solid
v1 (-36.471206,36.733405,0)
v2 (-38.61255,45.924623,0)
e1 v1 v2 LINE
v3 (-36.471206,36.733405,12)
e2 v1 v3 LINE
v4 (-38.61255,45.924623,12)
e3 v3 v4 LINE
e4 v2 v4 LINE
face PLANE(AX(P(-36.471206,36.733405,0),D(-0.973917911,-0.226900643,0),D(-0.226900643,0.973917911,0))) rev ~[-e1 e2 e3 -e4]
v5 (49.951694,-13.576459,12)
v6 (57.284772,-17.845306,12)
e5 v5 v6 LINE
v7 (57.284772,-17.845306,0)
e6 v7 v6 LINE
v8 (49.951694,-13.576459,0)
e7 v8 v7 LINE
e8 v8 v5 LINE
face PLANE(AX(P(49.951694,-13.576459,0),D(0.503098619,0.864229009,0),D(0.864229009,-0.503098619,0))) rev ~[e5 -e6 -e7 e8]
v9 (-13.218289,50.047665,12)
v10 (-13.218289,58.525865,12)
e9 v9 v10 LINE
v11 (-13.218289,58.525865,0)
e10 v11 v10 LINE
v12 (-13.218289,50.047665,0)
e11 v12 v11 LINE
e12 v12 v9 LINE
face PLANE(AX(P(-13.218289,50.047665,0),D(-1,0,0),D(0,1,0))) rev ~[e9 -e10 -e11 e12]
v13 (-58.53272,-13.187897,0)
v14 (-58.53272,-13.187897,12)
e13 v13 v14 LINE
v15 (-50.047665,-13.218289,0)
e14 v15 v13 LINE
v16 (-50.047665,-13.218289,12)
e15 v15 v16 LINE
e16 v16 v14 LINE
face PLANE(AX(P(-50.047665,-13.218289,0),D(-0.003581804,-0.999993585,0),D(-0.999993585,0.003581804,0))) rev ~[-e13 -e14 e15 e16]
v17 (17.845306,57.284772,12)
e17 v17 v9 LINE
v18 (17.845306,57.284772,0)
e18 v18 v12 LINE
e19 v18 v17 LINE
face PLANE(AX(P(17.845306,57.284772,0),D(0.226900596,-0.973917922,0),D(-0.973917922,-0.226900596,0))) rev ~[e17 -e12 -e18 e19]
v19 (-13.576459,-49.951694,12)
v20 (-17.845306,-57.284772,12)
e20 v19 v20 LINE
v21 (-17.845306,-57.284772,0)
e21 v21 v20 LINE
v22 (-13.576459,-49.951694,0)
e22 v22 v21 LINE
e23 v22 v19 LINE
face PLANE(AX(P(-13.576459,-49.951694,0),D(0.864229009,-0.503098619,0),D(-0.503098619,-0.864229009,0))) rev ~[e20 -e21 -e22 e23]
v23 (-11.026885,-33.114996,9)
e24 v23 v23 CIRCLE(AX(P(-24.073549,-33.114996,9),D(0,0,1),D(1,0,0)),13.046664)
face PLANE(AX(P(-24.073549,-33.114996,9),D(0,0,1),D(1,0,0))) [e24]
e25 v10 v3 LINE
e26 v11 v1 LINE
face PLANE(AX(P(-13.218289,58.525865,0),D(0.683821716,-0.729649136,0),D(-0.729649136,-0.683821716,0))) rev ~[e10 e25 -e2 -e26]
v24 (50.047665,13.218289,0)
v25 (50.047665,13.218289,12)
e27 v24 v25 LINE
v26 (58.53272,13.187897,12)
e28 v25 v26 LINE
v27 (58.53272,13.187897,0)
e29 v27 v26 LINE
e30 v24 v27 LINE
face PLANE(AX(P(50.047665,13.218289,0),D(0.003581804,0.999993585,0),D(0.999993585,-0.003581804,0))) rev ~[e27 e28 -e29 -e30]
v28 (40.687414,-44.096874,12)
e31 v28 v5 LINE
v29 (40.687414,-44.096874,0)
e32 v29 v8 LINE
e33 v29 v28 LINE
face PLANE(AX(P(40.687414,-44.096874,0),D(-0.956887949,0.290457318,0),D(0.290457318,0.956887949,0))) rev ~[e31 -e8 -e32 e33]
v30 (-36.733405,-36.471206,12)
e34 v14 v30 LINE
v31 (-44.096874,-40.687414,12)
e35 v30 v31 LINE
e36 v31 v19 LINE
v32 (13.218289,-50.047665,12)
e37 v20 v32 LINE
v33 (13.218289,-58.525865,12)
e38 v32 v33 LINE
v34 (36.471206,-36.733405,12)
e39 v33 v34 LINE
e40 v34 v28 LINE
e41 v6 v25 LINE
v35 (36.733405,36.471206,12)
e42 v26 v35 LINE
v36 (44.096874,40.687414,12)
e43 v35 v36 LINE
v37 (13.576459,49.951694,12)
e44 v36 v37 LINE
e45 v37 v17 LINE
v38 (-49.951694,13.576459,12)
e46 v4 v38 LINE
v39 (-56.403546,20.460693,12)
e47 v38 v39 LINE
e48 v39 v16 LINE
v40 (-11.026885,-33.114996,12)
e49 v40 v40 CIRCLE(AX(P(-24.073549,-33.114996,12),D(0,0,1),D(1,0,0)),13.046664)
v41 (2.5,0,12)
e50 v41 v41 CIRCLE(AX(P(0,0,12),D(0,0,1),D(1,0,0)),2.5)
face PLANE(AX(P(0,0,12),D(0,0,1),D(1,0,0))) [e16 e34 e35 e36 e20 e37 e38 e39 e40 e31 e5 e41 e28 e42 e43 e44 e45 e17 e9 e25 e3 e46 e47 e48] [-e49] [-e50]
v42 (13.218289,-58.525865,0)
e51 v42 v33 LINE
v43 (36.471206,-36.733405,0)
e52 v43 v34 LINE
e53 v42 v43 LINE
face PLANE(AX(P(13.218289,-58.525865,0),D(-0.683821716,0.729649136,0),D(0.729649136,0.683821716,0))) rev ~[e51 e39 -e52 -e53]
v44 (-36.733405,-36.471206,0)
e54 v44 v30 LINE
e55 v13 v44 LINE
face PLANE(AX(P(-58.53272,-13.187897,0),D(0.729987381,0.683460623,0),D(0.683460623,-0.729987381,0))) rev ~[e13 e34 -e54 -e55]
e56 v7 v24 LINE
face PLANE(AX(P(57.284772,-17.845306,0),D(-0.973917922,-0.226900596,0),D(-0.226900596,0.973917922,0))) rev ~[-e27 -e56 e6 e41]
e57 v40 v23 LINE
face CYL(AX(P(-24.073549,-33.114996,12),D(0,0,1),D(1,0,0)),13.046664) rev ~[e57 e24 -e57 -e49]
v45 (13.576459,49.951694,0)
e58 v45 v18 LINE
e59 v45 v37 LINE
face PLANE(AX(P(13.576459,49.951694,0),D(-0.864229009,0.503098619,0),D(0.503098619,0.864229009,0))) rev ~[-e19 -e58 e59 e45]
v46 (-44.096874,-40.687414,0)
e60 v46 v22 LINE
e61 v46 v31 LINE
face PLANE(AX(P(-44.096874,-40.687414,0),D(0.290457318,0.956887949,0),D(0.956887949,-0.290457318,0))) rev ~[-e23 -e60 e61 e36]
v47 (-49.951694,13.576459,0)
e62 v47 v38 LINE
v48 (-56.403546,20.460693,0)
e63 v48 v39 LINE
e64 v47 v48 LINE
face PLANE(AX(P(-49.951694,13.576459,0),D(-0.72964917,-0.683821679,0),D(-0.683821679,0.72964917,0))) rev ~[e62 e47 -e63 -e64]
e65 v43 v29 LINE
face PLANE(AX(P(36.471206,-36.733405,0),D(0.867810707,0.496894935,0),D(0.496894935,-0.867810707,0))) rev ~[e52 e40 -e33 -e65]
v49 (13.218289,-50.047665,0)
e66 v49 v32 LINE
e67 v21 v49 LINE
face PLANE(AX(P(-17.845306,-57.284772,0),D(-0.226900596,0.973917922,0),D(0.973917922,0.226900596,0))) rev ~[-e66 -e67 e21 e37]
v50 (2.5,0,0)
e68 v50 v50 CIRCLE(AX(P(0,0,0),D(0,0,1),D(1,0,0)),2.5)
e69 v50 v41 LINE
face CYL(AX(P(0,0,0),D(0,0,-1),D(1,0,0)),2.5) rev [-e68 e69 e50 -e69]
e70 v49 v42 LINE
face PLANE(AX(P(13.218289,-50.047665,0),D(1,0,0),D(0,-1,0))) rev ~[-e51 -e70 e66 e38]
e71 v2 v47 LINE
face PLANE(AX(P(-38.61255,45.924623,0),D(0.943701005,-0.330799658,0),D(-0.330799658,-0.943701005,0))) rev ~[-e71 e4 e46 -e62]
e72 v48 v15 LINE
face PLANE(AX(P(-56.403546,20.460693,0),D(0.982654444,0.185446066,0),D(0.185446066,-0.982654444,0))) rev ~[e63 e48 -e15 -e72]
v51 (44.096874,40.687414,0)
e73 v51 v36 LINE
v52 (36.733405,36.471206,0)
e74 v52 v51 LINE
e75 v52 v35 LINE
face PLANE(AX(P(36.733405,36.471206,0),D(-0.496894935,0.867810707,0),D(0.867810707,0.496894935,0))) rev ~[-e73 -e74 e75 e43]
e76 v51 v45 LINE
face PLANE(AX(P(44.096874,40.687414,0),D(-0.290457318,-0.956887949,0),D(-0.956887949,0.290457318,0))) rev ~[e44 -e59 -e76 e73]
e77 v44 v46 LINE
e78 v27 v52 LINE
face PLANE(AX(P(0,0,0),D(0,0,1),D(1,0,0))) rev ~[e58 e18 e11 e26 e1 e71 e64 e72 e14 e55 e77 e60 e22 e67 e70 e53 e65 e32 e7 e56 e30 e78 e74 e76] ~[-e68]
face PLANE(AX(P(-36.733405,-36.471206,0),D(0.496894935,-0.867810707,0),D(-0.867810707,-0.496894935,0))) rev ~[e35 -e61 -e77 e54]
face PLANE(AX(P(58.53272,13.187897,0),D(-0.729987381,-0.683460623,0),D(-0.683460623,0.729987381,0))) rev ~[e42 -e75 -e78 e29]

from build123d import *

# Parameters (mm, degrees)
F0_R     = 2.5
F1_DEPTH = 12
F2_R     = 13.046664
F3_DEPTH = 3


with BuildPart() as f1:
    # F0 (on Top) → F1 (new body)
    with BuildSketch(Plane.XY):
        Polygon((49.951694, -13.576459), (50.047665, 13.218289), (36.733405, 36.471206), (13.576459, 49.951694), (-13.218289, 50.047665), (-36.471206, 36.733405), (-49.951694, 13.576459), (-50.047665, -13.218289), (-36.733405, -36.471206), (-13.576459, -49.951694), (13.218289, -50.047665), (36.471206, -36.733405), align=None)
        Circle(F0_R, mode=Mode.SUBTRACT)
        Polygon((-36.471206, 36.733405), (-38.61255, 45.924623), (-49.951694, 13.576459), align=None)
        Polygon((-13.218289, 50.047665), (-13.218289, 58.525865), (-36.471206, 36.733405), align=None)
        Polygon((-50.047665, -13.218289), (-58.53272, -13.187897), (-36.733405, -36.471206), align=None)
        Polygon((-49.951694, 13.576459), (-56.403546, 20.460693), (-50.047665, -13.218289), align=None)
        Polygon((-36.733405, -36.471206), (-44.096874, -40.687414), (-13.576459, -49.951694), align=None)
        Polygon((13.576459, 49.951694), (17.845306, 57.284772), (-13.218289, 50.047665), align=None)
        Polygon((36.733405, 36.471206), (44.096874, 40.687414), (13.576459, 49.951694), align=None)
        Polygon((50.047665, 13.218289), (58.53272, 13.187897), (36.733405, 36.471206), align=None)
        Polygon((49.951694, -13.576459), (57.284772, -17.845306), (50.047665, 13.218289), align=None)
        Polygon((36.471206, -36.733405), (40.687414, -44.096874), (49.951694, -13.576459), align=None)
        Polygon((13.218289, -50.047665), (13.218289, -58.525865), (36.471206, -36.733405), align=None)
        Polygon((-13.576459, -49.951694), (-17.845306, -57.284772), (13.218289, -50.047665), align=None)
    extrude(amount=F1_DEPTH)

    # F2 (on face) → F3 (cut)
    with BuildSketch(Plane.XY.offset(12)):
        with Locations((-24.073549, -33.114996)):
            Circle(F2_R)
    extrude(amount=-F3_DEPTH, mode=Mode.SUBTRACT)


solid = f1.part
